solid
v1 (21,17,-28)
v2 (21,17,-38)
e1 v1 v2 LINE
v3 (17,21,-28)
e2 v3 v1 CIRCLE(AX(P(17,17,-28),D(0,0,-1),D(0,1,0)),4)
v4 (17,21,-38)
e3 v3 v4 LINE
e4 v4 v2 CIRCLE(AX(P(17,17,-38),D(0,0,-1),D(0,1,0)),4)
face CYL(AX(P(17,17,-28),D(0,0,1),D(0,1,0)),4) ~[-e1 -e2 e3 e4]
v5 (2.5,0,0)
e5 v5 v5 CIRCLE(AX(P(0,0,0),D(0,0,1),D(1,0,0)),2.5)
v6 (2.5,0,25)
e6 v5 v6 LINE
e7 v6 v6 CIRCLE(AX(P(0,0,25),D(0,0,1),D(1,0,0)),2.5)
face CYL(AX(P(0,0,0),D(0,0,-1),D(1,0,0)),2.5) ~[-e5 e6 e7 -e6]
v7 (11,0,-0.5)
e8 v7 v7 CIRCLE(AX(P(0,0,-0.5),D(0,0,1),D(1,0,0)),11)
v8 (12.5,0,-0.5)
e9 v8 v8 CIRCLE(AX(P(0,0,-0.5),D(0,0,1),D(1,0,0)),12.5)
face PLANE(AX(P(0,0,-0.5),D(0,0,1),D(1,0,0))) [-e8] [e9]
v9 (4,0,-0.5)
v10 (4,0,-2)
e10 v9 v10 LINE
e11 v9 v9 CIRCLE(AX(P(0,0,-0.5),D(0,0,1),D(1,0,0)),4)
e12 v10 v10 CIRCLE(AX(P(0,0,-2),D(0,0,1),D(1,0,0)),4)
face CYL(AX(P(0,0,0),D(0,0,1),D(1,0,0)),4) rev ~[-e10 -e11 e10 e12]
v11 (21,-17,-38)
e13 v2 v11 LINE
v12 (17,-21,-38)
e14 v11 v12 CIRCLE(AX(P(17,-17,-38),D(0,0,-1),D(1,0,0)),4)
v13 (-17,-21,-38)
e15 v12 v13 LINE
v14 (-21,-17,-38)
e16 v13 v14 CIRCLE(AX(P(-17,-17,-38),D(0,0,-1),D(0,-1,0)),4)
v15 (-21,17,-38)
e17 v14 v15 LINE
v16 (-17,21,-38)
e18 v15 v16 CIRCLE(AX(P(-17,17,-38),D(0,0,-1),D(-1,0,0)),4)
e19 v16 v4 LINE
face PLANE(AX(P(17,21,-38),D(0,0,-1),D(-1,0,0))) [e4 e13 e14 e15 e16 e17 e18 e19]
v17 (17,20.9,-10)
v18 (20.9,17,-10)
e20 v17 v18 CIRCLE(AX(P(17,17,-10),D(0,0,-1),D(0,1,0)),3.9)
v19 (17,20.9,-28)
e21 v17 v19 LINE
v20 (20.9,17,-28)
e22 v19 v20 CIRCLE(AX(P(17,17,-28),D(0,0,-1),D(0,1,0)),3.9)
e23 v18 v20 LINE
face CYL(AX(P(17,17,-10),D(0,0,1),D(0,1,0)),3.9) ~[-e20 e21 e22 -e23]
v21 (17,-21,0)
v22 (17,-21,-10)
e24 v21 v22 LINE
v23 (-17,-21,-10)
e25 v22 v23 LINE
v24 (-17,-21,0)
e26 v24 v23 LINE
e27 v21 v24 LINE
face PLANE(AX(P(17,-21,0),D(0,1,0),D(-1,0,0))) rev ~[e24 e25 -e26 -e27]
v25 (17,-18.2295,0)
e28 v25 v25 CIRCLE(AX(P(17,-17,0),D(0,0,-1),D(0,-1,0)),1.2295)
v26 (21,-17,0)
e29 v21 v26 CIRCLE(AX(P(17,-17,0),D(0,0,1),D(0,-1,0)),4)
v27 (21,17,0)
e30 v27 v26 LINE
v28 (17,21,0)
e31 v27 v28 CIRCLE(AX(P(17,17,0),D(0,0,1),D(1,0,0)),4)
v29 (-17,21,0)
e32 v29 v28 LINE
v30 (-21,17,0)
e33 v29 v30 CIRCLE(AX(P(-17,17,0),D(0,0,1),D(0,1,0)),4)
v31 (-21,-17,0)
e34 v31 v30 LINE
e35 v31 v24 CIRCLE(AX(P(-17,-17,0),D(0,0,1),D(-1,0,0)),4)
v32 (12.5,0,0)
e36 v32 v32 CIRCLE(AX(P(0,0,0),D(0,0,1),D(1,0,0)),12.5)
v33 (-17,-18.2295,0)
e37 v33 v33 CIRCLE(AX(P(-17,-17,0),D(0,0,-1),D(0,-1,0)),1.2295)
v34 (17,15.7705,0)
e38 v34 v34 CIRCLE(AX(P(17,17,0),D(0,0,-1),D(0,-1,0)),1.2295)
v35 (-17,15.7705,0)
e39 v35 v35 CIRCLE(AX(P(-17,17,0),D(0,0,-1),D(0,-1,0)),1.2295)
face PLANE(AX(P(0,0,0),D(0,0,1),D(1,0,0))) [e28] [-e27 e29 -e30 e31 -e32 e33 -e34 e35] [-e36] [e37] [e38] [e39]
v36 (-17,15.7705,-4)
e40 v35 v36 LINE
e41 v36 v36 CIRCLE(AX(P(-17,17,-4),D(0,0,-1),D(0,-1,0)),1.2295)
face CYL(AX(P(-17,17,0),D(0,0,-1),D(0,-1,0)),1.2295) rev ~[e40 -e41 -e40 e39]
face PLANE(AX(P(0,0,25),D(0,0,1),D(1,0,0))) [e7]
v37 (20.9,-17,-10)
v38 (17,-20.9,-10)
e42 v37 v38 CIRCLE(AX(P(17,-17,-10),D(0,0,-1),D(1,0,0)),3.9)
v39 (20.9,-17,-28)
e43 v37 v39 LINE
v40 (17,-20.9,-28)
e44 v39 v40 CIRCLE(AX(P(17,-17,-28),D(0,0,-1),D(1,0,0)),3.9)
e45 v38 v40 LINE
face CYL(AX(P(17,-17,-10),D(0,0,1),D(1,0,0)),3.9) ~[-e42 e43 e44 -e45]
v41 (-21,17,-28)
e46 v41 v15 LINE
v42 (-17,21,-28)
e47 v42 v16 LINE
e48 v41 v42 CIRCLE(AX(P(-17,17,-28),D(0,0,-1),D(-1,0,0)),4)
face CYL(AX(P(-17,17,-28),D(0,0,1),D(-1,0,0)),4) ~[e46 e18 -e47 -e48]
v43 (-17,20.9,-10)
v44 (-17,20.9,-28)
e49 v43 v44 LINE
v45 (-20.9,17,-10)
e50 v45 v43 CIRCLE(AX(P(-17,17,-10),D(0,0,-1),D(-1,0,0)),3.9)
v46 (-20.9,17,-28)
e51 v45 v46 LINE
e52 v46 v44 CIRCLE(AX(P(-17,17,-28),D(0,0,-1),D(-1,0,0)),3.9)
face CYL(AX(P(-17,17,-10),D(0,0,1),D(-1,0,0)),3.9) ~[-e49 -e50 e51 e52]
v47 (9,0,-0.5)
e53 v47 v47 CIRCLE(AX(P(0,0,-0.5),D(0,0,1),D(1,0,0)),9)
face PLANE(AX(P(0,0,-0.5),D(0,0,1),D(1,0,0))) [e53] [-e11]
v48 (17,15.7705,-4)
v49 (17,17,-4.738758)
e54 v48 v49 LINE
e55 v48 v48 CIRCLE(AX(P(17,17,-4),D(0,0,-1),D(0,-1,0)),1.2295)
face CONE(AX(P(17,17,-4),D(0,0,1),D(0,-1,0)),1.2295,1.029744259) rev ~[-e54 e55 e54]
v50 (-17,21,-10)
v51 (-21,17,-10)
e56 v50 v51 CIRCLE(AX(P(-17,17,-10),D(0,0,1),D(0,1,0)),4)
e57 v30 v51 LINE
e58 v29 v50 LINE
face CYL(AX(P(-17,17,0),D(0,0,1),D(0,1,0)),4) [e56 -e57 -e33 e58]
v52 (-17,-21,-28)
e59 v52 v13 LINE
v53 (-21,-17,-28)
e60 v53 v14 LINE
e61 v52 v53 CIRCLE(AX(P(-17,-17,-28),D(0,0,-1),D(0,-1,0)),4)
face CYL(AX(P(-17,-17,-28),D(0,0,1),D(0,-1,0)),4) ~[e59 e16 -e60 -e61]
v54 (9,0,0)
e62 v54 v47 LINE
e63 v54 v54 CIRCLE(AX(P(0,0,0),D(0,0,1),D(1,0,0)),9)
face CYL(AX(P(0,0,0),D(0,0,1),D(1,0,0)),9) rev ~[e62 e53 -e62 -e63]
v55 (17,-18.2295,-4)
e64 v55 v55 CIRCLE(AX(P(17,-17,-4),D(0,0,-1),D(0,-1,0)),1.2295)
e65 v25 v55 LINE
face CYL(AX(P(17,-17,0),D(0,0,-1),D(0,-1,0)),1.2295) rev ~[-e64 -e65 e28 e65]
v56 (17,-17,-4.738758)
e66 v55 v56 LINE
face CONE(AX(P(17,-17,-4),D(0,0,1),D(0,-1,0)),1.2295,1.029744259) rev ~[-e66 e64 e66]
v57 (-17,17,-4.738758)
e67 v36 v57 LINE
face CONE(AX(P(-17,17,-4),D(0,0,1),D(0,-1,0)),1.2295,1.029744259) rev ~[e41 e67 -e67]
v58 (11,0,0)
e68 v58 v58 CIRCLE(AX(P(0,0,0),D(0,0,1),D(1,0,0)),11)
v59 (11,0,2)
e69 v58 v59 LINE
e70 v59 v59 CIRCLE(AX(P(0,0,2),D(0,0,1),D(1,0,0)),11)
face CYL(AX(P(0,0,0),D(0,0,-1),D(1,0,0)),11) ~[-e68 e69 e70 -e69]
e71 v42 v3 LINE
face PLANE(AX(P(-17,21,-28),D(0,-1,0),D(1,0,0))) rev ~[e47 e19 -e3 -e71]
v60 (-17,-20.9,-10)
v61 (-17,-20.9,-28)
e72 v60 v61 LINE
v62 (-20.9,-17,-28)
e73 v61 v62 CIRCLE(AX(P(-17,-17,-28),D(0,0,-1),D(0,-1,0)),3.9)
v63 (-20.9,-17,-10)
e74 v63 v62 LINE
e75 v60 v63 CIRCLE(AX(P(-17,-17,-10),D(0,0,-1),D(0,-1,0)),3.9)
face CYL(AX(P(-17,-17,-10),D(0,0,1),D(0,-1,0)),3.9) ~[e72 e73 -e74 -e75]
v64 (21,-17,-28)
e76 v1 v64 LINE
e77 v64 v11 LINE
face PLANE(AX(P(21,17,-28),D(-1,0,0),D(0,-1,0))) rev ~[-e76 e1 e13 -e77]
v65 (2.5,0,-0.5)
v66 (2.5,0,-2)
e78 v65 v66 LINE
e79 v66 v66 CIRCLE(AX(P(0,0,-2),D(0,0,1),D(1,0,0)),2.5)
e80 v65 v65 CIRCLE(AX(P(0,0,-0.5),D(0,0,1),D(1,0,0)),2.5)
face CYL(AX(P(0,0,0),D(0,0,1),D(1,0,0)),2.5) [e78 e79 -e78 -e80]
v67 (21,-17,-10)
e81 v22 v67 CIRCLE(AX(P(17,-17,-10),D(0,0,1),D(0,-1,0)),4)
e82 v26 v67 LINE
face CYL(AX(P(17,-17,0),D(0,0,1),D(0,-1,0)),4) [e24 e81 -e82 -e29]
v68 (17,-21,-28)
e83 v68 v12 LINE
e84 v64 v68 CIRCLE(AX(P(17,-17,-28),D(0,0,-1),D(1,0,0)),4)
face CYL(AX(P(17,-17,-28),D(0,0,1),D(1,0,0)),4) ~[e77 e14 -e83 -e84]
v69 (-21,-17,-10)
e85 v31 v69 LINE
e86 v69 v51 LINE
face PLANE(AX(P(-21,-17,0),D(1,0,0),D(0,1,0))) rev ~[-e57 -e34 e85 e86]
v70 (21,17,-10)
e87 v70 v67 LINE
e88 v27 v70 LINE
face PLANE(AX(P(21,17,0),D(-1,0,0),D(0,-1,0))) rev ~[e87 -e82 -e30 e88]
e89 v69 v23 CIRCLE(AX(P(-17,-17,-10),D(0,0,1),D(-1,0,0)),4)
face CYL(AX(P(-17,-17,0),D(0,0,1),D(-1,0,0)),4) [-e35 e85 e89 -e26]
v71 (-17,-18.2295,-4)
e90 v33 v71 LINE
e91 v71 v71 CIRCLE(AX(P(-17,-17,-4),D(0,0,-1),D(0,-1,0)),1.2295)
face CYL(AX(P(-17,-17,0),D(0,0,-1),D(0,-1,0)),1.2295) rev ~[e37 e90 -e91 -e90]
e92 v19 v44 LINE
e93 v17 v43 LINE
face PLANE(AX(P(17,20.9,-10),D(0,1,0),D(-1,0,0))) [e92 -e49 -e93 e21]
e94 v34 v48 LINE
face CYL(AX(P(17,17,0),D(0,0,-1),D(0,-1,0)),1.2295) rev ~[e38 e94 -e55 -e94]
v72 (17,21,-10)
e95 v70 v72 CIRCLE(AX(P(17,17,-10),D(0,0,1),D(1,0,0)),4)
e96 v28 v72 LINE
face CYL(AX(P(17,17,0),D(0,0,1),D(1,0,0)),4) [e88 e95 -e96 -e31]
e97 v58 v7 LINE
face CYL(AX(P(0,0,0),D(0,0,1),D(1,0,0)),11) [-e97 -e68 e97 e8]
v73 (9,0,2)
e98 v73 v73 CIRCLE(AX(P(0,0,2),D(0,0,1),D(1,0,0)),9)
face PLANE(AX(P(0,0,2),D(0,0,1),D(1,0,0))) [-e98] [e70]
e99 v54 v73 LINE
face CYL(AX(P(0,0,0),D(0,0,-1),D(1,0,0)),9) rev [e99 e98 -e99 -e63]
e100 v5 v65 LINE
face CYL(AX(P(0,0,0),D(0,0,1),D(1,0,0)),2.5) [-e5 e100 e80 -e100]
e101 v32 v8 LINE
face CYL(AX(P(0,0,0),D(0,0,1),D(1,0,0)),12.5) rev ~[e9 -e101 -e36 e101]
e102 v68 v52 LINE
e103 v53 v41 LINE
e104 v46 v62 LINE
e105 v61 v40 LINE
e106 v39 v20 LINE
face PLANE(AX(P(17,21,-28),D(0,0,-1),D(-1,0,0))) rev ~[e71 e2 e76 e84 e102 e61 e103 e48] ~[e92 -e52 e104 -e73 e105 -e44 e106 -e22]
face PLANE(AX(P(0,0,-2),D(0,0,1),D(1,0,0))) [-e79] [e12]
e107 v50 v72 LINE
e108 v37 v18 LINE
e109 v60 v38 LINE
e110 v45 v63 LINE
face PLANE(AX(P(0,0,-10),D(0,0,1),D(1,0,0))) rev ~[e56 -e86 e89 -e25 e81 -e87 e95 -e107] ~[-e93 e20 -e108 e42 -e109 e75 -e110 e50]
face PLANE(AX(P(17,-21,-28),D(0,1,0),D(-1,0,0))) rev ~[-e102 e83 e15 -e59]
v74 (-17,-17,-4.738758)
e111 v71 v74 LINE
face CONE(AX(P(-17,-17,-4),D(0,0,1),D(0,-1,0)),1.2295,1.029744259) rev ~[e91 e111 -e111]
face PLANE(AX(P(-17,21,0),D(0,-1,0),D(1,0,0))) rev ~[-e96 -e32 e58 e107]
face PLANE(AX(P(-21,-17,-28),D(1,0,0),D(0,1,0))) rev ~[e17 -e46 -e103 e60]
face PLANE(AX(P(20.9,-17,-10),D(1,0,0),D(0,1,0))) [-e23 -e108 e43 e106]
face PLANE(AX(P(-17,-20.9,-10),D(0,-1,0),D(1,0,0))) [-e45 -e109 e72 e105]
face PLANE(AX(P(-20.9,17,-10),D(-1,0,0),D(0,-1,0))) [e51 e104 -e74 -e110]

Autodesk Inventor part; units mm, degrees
ref_plane "YZ Plane" through (0, 0, 0) normal (1, 0, 0) x (0, 1, 0)
sketch "Sketch1" plane through (0, 0, 0) normal (0, 0, 1) x (1, 0, 0)
  circle A0 centre (0, 0) radius 12.5
  circle A1 centre (0, 0) radius 9
  circle A2 centre (0, 0) radius 11
  line L0 (17, -21) -> (-17, -21)
  line L1 (-21, -17) -> (-21, 17)
  line L2 (-17, 21) -> (17, 21)
  line L3 (21, 17) -> (21, -17)
  line L4 (21, -21) -> (-21, 21) construction
  line L5 (-21, -21) -> (21, 21) construction
  arc A3 (-17, 21) -> (-21, 17) centre (-17, 17) ccw
  arc A4 (-21, -17) -> (-17, -21) centre (-17, -17) ccw
  arc A5 (17, -21) -> (21, -17) centre (17, -17) ccw
  arc A6 (21, 17) -> (17, 21) centre (17, 17) ccw
  line L6 (15.5, -15.5) -> (-15.5, -15.5) construction
  line L7 (-15.5, -15.5) -> (-15.5, 15.5) construction
  line L8 (-15.5, 15.5) -> (15.5, 15.5) construction
  line L9 (15.5, 15.5) -> (15.5, -15.5) construction
  line L10 (15.5, -15.5) -> (-15.5, 15.5) construction
  line L11 (-15.5, -15.5) -> (15.5, 15.5) construction
  circle A7 centre (0, 0) radius 2.5
  circle A8 centre (0, 0) radius 4
  dimension "d0" = 42
  dimension "d2" = 42
  dimension "d3" = 4
  dimension "d4" = 18
  dimension "d5" = 22
  dimension "d6" = 25
  dimension "d7" = 31
  dimension "d22" = 5
  dimension "d23" = 8
ref_plane "Work Plane1" through (0, 0, -10) normal (0, 0, 1) x (1, 0, 0)
ref_plane "Work Plane3" through (0, 0, -28) normal (0, 0, 1) x (1, 0, 0)
ref_plane "Work Plane2" through (0, 0, -38) normal (0, 0, 1) x (1, 0, 0)
extrude "Extrusion1" add sketch "Sketch1" against normal up to surface (10 mm away) from surface at 0 contours A0 | A1 | A2 | L0 A4 L1 A3 L2 A6 L3 A5 | A7 | A8
sketch "Sketch2" plane through (17, 21, -10) normal (0, 0, -1) x (-1, 0, 0)
  arc A0 (34, -42) -> (38, -38) centre (34, -38) ccw projected
  line L0 (38, -38) -> (38, -4) projected
  arc A1 (38, -4) -> (34, 0) centre (34, -4) ccw projected
  line L1 (34, 0) -> (0, 0) projected
  arc A2 (0, 0) -> (-4, -4) centre (0, -4) ccw projected
  line L2 (-4, -4) -> (-4, -38) projected
  arc A3 (-4, -38) -> (0, -42) centre (0, -38) ccw projected
  line L3 (0, -42) -> (34, -42) projected
  line L4 (0, -0.1) -> (34, -0.1)
  arc A4 (37.9, -4) -> (34, -0.1) centre (34, -4) ccw
  line L5 (37.9, -4) -> (37.9, -38)
  arc A5 (34, -41.9) -> (37.9, -38) centre (34, -38) ccw
  line L6 (34, -41.9) -> (0, -41.9)
  arc A6 (-3.9, -38) -> (0, -41.9) centre (0, -38) ccw
  line L7 (-3.9, -38) -> (-3.9, -4)
  arc A7 (0, -0.1) -> (-3.9, -4) centre (0, -4) ccw
  point P0 (17, -21)
  dimension "d13" = 0.1
extrude "Extrusion2" add sketch "Sketch2" along normal up to surface (10 mm away) from surface at 18 contours L3 A3 L2 A2 L1 A1 L0 A0 | L4 A4 L5 A5 L6 A6 L7 A7
extrude "Extrusion3" add sketch "Sketch2" along normal up to surface (18 mm away) from surface at 0 contours L4 A4 L5 A5 L6 A6 L7 A7
extrude "Extrusion4" cut sketch "Sketch1" against normal blind 0.5 contours A0 | A1 | A8
extrude "Extrusion5" add sketch "Sketch1" along normal blind 2 contours A2
extrude "Extrusion6" cut sketch "Sketch1" against normal blind 2 contours A8
extrude "Extrusion7" add sketch "Sketch1" along normal blind 25 contours A7
hole "Hole1" at (-17, 17, 0) at (-17, -17, 0) at (17, -17, 0) at (17, 17, 0) direction (0, 0, -1) diameter 2.459 depth 4 tip angle 118 thread size "M3x0.5" class "6H" standard "ISO Metric profile"
properties part number "nema17 38mm"
